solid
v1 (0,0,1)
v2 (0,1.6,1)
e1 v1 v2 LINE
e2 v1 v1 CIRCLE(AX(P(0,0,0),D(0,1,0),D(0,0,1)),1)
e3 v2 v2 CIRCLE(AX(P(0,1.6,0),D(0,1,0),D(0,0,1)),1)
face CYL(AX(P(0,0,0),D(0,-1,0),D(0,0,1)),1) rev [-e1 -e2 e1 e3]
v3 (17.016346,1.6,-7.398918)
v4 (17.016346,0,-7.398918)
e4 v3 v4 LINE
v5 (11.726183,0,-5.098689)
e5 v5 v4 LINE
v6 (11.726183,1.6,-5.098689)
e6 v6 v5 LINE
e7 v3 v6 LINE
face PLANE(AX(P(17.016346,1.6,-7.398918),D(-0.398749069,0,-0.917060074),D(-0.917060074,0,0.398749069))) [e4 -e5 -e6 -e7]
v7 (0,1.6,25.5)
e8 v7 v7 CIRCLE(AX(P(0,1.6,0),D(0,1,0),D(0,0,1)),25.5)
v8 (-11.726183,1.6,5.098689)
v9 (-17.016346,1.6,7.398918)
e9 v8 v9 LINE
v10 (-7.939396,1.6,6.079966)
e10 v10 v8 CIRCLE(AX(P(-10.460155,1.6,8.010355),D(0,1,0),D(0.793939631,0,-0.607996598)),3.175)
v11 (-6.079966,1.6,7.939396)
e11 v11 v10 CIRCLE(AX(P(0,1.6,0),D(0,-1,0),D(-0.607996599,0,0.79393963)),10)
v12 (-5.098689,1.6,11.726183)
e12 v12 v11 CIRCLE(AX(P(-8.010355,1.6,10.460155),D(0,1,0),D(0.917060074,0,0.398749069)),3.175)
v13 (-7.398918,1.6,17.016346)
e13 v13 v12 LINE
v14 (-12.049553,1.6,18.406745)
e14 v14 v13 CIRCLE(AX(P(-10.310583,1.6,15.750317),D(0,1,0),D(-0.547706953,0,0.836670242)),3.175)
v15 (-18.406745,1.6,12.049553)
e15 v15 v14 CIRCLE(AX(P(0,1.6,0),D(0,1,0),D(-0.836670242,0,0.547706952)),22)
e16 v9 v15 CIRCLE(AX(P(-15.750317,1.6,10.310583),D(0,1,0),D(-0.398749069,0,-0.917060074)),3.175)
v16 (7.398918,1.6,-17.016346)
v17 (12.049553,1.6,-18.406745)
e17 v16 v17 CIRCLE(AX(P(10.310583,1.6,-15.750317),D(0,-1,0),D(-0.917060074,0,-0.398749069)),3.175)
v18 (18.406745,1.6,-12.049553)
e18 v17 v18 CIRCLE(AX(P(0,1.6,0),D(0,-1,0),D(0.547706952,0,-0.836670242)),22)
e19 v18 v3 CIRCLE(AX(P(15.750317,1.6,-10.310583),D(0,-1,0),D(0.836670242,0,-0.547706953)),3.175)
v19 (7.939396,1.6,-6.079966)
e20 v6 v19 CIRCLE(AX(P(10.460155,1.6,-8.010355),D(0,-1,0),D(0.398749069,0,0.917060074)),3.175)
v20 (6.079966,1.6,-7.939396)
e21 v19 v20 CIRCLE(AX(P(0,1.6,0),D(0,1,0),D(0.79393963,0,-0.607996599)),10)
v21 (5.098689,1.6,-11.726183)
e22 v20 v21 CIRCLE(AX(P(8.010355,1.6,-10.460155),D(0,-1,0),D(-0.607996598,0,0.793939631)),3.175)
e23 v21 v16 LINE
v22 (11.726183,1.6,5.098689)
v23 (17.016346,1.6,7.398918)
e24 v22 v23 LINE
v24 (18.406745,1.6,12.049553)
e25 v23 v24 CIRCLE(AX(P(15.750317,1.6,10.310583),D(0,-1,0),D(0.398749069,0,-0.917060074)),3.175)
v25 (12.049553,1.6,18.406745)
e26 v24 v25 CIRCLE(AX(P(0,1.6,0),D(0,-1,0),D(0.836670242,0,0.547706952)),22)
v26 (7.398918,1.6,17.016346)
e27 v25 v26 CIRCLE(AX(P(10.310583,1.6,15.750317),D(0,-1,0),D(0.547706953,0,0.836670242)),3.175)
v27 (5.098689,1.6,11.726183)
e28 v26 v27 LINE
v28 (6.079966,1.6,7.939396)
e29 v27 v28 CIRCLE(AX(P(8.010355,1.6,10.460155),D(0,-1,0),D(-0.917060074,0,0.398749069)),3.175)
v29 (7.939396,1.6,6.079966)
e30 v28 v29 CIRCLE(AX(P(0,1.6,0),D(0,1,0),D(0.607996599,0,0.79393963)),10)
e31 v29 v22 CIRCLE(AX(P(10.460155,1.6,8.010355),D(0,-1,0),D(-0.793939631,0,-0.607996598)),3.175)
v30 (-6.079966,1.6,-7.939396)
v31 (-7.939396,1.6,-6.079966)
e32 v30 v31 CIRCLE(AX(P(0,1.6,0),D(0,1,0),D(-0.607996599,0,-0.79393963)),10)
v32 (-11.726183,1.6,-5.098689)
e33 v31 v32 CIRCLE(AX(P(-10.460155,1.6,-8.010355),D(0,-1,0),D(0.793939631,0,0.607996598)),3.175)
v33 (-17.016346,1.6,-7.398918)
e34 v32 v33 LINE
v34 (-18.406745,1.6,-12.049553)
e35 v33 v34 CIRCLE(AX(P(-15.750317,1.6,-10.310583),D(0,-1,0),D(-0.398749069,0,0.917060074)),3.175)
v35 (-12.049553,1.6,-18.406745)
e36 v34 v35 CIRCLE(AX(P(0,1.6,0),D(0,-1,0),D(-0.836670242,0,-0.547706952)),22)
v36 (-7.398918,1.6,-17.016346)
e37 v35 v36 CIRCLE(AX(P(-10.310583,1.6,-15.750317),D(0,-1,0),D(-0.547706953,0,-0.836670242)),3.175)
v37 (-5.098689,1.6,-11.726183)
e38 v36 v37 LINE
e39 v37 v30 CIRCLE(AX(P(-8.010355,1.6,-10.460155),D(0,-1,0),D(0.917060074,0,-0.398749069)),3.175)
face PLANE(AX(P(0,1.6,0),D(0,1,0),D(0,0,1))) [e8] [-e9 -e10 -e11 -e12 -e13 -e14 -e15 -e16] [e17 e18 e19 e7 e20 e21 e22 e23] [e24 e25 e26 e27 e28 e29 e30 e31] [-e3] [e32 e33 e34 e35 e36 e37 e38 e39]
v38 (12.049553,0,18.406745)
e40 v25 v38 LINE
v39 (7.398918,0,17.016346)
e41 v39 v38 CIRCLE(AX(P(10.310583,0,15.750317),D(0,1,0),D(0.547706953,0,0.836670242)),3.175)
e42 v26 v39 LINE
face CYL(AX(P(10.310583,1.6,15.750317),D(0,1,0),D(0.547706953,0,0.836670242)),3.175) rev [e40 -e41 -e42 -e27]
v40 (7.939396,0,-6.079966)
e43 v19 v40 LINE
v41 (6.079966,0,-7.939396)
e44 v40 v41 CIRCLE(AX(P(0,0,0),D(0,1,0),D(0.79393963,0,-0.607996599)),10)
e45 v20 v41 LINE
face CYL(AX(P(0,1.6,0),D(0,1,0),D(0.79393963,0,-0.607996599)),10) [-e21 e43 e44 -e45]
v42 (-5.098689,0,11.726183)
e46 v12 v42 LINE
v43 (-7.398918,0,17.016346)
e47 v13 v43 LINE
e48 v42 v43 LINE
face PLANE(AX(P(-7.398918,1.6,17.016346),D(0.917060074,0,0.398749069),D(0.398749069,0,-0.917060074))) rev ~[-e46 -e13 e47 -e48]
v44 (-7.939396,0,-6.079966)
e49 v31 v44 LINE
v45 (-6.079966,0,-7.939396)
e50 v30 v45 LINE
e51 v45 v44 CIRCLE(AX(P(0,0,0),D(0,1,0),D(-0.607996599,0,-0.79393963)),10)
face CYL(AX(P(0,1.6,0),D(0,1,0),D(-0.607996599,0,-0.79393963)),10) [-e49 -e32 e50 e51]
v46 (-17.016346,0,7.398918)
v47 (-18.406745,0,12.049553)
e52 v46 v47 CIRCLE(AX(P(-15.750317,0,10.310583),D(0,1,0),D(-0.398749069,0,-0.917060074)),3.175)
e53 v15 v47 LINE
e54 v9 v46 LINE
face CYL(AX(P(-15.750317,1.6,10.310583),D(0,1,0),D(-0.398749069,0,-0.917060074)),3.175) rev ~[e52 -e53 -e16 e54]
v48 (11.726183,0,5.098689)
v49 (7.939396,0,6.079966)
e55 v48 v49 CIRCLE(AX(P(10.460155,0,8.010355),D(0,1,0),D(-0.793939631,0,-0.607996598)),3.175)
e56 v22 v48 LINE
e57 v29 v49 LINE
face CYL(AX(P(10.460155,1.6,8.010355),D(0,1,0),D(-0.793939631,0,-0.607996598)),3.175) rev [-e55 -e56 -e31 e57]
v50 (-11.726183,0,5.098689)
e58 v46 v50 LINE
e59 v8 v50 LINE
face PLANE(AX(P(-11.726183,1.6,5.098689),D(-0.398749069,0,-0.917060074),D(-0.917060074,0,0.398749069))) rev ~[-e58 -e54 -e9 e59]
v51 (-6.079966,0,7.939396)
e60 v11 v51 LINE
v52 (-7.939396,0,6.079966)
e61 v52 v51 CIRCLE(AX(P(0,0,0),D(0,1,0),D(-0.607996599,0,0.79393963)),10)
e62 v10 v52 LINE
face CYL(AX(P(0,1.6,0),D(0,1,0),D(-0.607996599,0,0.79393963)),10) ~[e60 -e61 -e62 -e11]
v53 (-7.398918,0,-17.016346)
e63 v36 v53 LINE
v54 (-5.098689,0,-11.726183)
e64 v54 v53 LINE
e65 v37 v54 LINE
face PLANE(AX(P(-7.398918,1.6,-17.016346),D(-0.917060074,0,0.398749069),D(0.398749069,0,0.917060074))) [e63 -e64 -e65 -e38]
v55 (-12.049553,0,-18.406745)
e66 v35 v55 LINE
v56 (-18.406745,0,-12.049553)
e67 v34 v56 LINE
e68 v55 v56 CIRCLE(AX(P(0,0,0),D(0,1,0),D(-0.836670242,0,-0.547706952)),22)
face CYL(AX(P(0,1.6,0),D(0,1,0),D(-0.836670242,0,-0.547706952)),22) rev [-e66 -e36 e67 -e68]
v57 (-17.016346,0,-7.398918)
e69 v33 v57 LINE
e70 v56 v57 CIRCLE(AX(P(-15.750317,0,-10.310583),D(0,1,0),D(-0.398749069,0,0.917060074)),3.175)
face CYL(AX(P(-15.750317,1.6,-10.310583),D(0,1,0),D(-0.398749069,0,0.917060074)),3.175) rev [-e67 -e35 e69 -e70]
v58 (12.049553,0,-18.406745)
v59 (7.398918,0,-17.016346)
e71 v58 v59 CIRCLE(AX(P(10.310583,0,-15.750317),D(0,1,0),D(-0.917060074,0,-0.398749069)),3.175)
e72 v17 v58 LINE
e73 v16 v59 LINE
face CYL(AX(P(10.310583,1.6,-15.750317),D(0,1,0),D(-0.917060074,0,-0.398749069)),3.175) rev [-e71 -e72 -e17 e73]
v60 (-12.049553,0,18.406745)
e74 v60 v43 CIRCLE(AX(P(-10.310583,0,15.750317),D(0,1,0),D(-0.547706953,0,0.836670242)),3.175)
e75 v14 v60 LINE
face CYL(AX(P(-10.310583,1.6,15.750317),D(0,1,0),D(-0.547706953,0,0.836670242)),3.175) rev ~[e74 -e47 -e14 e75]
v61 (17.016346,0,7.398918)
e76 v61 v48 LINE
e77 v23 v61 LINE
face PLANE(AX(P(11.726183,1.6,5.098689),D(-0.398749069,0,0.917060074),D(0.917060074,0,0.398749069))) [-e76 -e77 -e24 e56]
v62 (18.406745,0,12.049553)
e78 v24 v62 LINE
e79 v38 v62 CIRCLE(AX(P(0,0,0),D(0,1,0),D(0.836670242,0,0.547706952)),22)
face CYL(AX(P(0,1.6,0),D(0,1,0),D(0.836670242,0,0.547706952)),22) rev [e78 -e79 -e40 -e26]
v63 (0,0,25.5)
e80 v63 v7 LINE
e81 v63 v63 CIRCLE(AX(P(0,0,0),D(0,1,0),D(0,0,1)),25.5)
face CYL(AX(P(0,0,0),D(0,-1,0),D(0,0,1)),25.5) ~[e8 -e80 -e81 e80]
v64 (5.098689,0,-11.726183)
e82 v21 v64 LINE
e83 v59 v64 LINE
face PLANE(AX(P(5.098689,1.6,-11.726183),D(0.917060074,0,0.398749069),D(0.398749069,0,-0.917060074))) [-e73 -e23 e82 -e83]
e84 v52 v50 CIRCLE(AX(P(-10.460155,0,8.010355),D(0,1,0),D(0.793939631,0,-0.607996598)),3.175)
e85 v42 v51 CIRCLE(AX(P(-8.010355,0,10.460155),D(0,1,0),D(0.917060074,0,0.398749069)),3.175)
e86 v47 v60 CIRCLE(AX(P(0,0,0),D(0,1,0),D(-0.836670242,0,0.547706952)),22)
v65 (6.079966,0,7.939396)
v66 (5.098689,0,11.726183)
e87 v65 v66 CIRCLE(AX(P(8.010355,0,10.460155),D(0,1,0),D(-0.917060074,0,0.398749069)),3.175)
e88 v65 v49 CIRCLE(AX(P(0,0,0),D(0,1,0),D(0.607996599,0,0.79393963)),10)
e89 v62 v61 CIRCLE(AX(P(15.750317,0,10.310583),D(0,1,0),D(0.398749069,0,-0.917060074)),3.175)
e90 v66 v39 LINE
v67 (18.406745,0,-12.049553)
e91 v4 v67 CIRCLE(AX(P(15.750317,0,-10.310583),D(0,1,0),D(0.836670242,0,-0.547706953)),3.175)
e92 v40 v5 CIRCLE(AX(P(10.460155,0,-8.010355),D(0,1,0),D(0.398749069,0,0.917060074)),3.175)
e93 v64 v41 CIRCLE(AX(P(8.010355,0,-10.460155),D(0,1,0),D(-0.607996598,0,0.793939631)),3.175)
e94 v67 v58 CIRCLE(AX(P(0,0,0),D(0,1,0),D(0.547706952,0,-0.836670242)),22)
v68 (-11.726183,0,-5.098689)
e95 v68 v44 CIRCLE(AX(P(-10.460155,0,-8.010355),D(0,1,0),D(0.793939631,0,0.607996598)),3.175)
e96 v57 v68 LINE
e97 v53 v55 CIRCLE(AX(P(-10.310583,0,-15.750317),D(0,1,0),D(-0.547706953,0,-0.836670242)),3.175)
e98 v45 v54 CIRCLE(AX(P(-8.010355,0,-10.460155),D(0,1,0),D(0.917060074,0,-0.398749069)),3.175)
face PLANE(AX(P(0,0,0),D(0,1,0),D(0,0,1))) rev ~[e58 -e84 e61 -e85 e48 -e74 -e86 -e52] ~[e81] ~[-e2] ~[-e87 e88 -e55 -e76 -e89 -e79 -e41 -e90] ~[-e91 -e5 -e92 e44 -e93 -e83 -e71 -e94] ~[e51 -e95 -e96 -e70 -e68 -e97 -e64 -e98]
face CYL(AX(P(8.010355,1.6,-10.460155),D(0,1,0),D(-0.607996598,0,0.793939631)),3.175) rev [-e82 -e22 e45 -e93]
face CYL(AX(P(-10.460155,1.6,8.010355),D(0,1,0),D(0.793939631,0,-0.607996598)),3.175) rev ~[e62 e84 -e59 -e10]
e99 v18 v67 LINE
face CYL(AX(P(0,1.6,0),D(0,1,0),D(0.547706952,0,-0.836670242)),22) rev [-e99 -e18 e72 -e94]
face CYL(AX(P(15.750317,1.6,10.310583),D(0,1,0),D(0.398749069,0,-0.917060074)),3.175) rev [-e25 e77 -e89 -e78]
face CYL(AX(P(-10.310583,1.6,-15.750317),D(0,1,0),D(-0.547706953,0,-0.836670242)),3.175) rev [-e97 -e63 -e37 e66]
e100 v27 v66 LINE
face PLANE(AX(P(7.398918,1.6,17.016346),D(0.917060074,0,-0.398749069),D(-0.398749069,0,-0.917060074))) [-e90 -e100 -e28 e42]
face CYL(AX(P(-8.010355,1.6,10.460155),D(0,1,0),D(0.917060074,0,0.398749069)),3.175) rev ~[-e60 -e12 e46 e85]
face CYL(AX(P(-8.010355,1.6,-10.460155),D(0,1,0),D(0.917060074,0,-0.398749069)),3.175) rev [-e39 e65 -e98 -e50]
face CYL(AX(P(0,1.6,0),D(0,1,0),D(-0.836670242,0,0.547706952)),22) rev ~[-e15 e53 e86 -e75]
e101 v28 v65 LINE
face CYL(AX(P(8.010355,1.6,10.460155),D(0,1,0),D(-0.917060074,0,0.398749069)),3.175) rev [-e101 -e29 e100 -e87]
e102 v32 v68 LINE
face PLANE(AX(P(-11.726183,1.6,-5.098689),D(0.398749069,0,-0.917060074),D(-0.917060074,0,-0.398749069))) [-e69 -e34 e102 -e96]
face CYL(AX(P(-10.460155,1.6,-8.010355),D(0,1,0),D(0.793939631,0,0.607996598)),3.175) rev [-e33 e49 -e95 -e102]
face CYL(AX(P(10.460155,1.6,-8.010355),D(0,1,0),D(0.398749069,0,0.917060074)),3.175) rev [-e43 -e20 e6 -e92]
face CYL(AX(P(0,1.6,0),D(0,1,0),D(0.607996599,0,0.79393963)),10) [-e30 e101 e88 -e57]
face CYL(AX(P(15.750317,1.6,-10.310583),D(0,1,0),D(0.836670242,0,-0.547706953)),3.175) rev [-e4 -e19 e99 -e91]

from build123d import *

# Parameters (mm, degrees)
SKETCH1_R           = 25.5
SKETCH1_R_2         = 1
BOSS_EXTRUDE1_DEPTH = 1.6
CUT_EXTRUDE1_REACH  = 38.098


with BuildPart() as part:
    # Sketch1 → Boss-Extrude1 (new body)
    with BuildSketch(Plane(origin=(0, 0, 0), x_dir=(1, 0, 0), z_dir=(0, 1, 0))):
        Circle(SKETCH1_R)
        Circle(SKETCH1_R_2, mode=Mode.SUBTRACT)
    extrude(amount=BOSS_EXTRUDE1_DEPTH)

    # Sketch2 → Cut-Extrude1 (cut, up to next)
    with BuildSketch(Plane(origin=(0, 1.6, 0), x_dir=(1, 0, 0), z_dir=(0, 1, 0)), mode=Mode.PRIVATE) as cut_extrude1_sk1:
        with BuildLine():
            Line((5.098689446, 11.726182923), (7.398917645, 17.016345603))
            ThreePointArc((7.398917645, 17.016345603), (9.401129193, 18.792276888), (12.049552955, 18.406745328))
            ThreePointArc((12.049552955, 18.406745328), (15.556349186, 15.556349186), (18.406745328, 12.049552955))
            ThreePointArc((18.406745328, 12.049552955), (18.792276888, 9.401129193), (17.016345603, 7.398917645))
            Line((17.016345603, 7.398917645), (11.726182923, 5.098689446))
            ThreePointArc((11.726182923, 5.098689446), (9.663717077, 4.936869827), (7.939396303, 6.079965983))
            ThreePointArc((7.939396303, 6.079965983), (7.071067812, 7.071067812), (6.079965983, 7.939396303))
            ThreePointArc((6.079965983, 7.939396303), (4.936869827, 9.663717077), (5.098689446, 11.726182923))
        make_face()
    cut_extrude1_tool1 = extrude(cut_extrude1_sk1.sketch, amount=-CUT_EXTRUDE1_REACH, mode=Mode.PRIVATE) & part.part
    # Sketch2 → Cut-Extrude1 (cut, up to next)
    with BuildSketch(Plane(origin=(0, 1.6, 0), x_dir=(1, 0, 0), z_dir=(0, 1, 0)), mode=Mode.PRIVATE) as cut_extrude1_sk2:
        with BuildLine():
            Line((-11.726182923, 5.098689446), (-17.016345603, 7.398917645))
            ThreePointArc((-17.016345603, 7.398917645), (-18.792276888, 9.401129193), (-18.406745328, 12.049552955))
            ThreePointArc((-18.406745328, 12.049552955), (-15.556349186, 15.556349186), (-12.049552955, 18.406745328))
            ThreePointArc((-12.049552955, 18.406745328), (-9.401129193, 18.792276888), (-7.398917645, 17.016345603))
            Line((-7.398917645, 17.016345603), (-5.098689446, 11.726182923))
            ThreePointArc((-5.098689446, 11.726182923), (-4.936869827, 9.663717077), (-6.079965983, 7.939396303))
            ThreePointArc((-6.079965983, 7.939396303), (-7.071067812, 7.071067812), (-7.939396303, 6.079965983))
            ThreePointArc((-7.939396303, 6.079965983), (-9.663717077, 4.936869827), (-11.726182923, 5.098689446))
        make_face()
    cut_extrude1_tool2 = extrude(cut_extrude1_sk2.sketch, amount=-CUT_EXTRUDE1_REACH, mode=Mode.PRIVATE) & part.part
    # Sketch2 → Cut-Extrude1 (cut, up to next)
    with BuildSketch(Plane(origin=(0, 1.6, 0), x_dir=(1, 0, 0), z_dir=(0, 1, 0)), mode=Mode.PRIVATE) as cut_extrude1_sk3:
        with BuildLine():
            Line((-11.726182923, -5.098689446), (-17.016345603, -7.398917645))
            ThreePointArc((-17.016345603, -7.398917645), (-18.792276888, -9.401129193), (-18.406745328, -12.049552955))
            ThreePointArc((-18.406745328, -12.049552955), (-15.556349186, -15.556349186), (-12.049552955, -18.406745328))
            ThreePointArc((-12.049552955, -18.406745328), (-9.401129193, -18.792276888), (-7.398917645, -17.016345603))
            Line((-7.398917645, -17.016345603), (-5.098689446, -11.726182923))
            ThreePointArc((-5.098689446, -11.726182923), (-4.936869827, -9.663717077), (-6.079965983, -7.939396303))
            ThreePointArc((-6.079965983, -7.939396303), (-7.071067812, -7.071067812), (-7.939396303, -6.079965983))
            ThreePointArc((-7.939396303, -6.079965983), (-9.663717077, -4.936869827), (-11.726182923, -5.098689446))
        make_face()
    cut_extrude1_tool3 = extrude(cut_extrude1_sk3.sketch, amount=-CUT_EXTRUDE1_REACH, mode=Mode.PRIVATE) & part.part
    # Sketch2 → Cut-Extrude1 (cut, up to next)
    with BuildSketch(Plane(origin=(0, 1.6, 0), x_dir=(1, 0, 0), z_dir=(0, 1, 0)), mode=Mode.PRIVATE) as cut_extrude1_sk4:
        with BuildLine():
            Line((11.726182923, -5.098689446), (17.016345603, -7.398917645))
            ThreePointArc((17.016345603, -7.398917645), (18.792276888, -9.401129193), (18.406745328, -12.049552955))
            ThreePointArc((18.406745328, -12.049552955), (15.556349186, -15.556349186), (12.049552955, -18.406745328))
            ThreePointArc((12.049552955, -18.406745328), (9.401129193, -18.792276888), (7.398917645, -17.016345603))
            Line((7.398917645, -17.016345603), (5.098689446, -11.726182923))
            ThreePointArc((5.098689446, -11.726182923), (4.936869827, -9.663717077), (6.079965983, -7.939396303))
            ThreePointArc((6.079965983, -7.939396303), (7.071067812, -7.071067812), (7.939396303, -6.079965983))
            ThreePointArc((7.939396303, -6.079965983), (9.663717077, -4.936869827), (11.726182923, -5.098689446))
        make_face()
    cut_extrude1_tool4 = extrude(cut_extrude1_sk4.sketch, amount=-CUT_EXTRUDE1_REACH, mode=Mode.PRIVATE) & part.part
    add(cut_extrude1_tool1.solids().sort_by_distance((11.555905, 1.6, -11.555905))[0], mode=Mode.SUBTRACT)
    add(cut_extrude1_tool2.solids().sort_by_distance((-11.555905, 1.6, -11.555905))[0], mode=Mode.SUBTRACT)
    add(cut_extrude1_tool3.solids().sort_by_distance((-11.555905, 1.6, 11.555905))[0], mode=Mode.SUBTRACT)
    add(cut_extrude1_tool4.solids().sort_by_distance((11.555905, 1.6, 11.555905))[0], mode=Mode.SUBTRACT)


solid = part.part
